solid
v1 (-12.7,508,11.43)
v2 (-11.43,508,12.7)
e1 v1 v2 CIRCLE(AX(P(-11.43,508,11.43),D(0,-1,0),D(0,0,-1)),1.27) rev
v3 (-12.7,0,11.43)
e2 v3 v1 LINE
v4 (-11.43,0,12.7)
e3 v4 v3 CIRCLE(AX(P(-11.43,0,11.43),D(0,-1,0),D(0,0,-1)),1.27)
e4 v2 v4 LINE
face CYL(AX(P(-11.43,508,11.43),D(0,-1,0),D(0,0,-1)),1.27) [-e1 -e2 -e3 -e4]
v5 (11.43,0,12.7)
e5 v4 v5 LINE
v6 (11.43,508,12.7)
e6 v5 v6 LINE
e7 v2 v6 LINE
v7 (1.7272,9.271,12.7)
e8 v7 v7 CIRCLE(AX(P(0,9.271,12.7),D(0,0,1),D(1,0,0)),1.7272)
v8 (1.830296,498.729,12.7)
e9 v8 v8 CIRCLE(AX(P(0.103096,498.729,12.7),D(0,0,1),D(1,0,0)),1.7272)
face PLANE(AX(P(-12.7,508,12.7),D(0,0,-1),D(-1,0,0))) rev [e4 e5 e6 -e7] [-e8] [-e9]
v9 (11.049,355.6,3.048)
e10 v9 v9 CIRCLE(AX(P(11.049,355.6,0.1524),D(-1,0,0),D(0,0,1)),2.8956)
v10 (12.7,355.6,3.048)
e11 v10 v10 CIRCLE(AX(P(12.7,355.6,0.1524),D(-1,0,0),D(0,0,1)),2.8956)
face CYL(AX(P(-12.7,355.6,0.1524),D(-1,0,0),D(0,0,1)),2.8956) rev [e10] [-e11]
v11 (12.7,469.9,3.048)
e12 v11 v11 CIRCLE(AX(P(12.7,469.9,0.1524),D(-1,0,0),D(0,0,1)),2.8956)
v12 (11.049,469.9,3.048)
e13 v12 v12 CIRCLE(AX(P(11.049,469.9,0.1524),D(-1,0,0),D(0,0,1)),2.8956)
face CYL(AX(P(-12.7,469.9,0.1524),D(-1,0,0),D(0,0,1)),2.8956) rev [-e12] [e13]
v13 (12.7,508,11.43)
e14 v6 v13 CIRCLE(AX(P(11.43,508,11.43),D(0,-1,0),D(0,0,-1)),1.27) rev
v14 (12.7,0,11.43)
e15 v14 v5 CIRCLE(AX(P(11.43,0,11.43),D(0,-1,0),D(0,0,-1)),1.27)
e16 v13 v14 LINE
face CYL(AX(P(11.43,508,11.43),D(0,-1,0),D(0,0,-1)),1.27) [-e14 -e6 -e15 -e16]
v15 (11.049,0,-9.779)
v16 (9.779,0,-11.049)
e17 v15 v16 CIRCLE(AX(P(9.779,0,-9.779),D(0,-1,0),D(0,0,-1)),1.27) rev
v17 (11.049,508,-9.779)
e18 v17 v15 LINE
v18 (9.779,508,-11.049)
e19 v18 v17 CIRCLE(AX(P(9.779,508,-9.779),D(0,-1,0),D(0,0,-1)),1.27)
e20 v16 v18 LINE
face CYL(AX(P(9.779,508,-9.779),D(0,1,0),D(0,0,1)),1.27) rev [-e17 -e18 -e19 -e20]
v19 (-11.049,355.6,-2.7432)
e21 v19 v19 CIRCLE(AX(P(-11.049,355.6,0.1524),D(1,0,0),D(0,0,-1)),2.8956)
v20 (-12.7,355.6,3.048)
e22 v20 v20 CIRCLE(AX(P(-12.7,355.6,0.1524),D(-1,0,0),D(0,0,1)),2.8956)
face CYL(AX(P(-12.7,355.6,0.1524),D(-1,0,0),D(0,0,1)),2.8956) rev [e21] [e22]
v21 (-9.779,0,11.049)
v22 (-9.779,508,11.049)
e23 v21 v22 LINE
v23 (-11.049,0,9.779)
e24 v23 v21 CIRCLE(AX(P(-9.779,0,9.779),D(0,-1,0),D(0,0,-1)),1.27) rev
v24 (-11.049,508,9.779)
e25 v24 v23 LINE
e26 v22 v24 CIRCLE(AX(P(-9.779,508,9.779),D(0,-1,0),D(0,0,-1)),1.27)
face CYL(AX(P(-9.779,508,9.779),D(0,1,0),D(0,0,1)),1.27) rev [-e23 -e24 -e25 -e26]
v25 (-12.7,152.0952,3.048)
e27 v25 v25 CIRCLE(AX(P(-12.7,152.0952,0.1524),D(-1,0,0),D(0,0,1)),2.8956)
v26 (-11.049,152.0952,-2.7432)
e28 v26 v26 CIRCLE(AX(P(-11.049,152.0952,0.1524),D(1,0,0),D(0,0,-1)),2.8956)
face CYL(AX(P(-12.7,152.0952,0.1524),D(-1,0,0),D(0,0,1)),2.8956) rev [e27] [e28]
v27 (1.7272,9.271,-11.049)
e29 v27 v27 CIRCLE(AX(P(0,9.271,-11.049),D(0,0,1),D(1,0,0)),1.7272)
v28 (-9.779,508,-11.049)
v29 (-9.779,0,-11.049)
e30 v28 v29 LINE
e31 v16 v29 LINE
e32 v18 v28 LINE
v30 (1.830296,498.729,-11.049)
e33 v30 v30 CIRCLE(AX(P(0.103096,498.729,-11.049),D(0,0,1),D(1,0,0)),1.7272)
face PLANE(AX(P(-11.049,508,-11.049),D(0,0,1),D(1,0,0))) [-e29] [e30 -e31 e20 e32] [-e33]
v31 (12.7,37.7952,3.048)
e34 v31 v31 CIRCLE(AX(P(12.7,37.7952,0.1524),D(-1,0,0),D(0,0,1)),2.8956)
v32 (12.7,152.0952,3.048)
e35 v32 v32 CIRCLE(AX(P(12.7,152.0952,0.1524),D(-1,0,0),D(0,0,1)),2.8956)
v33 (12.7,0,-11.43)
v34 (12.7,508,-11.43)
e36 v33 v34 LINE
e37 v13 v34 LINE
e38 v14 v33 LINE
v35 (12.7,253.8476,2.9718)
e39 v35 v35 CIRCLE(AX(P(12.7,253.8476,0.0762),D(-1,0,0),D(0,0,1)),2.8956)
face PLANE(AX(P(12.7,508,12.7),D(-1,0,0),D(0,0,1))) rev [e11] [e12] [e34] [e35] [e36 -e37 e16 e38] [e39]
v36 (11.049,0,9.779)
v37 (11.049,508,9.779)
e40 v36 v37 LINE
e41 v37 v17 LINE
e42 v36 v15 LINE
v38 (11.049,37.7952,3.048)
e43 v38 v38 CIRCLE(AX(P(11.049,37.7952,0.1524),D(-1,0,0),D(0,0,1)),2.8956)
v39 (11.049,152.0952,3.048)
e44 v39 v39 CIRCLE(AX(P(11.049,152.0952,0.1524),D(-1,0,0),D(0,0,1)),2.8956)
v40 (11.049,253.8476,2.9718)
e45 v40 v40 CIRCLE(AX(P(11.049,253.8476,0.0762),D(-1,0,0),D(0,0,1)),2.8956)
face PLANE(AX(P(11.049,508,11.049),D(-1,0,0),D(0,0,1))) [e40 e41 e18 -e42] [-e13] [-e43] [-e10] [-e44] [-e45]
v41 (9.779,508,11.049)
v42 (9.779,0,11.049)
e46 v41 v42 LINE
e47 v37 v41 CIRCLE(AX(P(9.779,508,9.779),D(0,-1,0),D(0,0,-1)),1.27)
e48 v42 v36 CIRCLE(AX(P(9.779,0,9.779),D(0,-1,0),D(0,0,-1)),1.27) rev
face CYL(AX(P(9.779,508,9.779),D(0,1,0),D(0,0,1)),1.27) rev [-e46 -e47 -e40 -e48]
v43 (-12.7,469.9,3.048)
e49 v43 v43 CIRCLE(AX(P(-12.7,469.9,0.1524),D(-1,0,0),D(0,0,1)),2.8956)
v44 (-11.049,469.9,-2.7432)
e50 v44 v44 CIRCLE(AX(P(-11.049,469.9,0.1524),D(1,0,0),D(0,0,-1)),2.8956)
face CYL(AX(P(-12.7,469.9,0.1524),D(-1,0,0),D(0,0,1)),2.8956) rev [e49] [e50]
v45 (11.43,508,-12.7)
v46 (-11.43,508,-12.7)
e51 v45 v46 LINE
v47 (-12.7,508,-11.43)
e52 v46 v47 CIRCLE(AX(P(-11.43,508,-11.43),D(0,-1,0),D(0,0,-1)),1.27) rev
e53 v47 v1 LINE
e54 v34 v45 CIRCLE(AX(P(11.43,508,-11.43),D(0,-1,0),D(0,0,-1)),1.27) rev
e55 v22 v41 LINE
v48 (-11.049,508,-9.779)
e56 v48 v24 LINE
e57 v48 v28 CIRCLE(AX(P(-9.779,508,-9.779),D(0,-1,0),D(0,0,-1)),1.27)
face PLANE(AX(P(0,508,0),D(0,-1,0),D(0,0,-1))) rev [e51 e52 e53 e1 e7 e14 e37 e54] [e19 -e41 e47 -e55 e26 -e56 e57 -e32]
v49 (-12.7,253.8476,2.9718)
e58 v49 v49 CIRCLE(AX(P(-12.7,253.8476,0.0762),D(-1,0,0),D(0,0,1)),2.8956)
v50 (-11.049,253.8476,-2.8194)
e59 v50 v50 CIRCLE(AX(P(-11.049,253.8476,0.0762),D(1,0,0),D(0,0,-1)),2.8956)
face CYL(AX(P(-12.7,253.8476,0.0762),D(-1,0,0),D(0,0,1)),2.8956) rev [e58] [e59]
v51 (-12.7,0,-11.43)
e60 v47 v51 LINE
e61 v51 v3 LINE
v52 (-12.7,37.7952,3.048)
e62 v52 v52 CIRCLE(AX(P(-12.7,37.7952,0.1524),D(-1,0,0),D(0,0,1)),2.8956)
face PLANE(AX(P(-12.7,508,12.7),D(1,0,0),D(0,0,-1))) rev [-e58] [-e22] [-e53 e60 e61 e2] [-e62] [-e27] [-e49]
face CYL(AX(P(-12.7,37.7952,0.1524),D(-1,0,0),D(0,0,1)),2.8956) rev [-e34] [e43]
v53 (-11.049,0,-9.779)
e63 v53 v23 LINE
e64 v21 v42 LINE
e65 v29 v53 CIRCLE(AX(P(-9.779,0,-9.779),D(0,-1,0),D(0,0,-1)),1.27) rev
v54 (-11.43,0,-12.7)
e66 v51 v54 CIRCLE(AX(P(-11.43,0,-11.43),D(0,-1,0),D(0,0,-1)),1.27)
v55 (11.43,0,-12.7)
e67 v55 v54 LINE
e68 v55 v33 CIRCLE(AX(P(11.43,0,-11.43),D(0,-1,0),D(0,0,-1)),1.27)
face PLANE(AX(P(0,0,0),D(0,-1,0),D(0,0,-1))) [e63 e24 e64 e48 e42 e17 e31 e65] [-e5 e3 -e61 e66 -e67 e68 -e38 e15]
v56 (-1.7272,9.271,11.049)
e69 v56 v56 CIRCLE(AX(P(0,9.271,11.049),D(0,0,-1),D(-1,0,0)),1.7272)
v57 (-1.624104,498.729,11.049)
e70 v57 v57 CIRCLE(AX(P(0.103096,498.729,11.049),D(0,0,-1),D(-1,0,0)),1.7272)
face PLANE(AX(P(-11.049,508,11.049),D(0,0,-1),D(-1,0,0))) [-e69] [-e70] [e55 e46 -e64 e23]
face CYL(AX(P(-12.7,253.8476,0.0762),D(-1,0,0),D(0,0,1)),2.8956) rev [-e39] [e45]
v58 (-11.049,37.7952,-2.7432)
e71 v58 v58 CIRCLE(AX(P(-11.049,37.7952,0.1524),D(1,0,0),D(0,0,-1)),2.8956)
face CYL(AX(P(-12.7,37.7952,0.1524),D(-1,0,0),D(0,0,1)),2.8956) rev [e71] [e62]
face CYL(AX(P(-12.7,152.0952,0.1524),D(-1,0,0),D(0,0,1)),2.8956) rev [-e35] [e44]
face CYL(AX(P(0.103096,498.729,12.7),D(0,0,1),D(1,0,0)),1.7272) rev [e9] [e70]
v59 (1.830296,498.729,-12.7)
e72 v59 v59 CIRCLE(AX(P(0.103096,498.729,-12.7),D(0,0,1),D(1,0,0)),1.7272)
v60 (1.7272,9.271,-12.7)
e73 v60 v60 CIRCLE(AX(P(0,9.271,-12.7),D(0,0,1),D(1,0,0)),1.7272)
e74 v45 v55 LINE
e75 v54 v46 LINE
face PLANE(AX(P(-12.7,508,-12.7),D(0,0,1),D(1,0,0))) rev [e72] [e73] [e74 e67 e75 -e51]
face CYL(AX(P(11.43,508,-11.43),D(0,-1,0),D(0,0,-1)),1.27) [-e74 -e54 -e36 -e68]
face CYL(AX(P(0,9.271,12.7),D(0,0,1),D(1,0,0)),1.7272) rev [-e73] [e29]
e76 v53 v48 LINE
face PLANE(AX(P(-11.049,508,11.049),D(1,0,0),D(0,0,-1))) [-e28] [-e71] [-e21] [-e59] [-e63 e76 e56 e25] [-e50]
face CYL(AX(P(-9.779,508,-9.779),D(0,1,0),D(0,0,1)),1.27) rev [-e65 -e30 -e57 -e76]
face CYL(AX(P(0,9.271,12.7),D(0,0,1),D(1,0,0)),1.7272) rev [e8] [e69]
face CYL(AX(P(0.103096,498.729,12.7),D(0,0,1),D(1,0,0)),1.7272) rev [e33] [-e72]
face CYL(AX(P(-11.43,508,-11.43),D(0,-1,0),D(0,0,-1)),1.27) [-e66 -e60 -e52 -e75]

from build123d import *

# Parameters (mm, degrees)
SKETCH1_W                  = 25.4
SKETCH1_H                  = 25.4
SKETCH1_W_2                = 22.098
SKETCH1_H_2                = 22.098
BOSS_EXTRUDE1_DEPTH        = 508
FILLET1_R                  = 1.27
F_1_0_228_DIAMETER_HOLE2_D = 5.7912
F_8_32_TAPPED_HOLE1_D      = 3.4544


with BuildPart() as part:
    # Sketch1 → Boss-Extrude1 (new body)
    with BuildSketch(Plane(origin=(0, 0, 0), x_dir=(1, 0, 0), z_dir=(0, 1, 0))):
        Rectangle(SKETCH1_W, SKETCH1_H)
        Rectangle(SKETCH1_W_2, SKETCH1_H_2, mode=Mode.SUBTRACT)
    extrude(amount=BOSS_EXTRUDE1_DEPTH)

    # Fillet1
    fillet1_edges = [part.edges().sort_by_distance(p)[0] for p in [
        (-11.049, 254, 11.049),
        (11.049, 254, 11.049),
        (11.049, 254, -11.049),
        (-11.049, 254, -11.049),
        (12.7, 254, 12.7),
        (-12.7, 254, 12.7),
        (-12.7, 254, -12.7),
        (12.7, 254, -12.7),
    ]]
    fillet(fillet1_edges, radius=FILLET1_R)

    # #1 (0.228) Diameter Hole2 (through all)
    with Locations(Plane.ZY.offset(12.7)):
        with Locations((0.1524, 469.9), (0.1524, 355.6), (0.0762, 253.8476), (0.1524, 152.0952), (0.1524, 37.7952)):
            Hole(F_1_0_228_DIAMETER_HOLE2_D / 2)

    # #8-32 Tapped Hole1 (through all)
    with Locations(Plane.XY.offset(12.7)):
        with Locations((0, 9.271), (0.103095802, 498.729)):
            Hole(F_8_32_TAPPED_HOLE1_D / 2)


solid = part.part
